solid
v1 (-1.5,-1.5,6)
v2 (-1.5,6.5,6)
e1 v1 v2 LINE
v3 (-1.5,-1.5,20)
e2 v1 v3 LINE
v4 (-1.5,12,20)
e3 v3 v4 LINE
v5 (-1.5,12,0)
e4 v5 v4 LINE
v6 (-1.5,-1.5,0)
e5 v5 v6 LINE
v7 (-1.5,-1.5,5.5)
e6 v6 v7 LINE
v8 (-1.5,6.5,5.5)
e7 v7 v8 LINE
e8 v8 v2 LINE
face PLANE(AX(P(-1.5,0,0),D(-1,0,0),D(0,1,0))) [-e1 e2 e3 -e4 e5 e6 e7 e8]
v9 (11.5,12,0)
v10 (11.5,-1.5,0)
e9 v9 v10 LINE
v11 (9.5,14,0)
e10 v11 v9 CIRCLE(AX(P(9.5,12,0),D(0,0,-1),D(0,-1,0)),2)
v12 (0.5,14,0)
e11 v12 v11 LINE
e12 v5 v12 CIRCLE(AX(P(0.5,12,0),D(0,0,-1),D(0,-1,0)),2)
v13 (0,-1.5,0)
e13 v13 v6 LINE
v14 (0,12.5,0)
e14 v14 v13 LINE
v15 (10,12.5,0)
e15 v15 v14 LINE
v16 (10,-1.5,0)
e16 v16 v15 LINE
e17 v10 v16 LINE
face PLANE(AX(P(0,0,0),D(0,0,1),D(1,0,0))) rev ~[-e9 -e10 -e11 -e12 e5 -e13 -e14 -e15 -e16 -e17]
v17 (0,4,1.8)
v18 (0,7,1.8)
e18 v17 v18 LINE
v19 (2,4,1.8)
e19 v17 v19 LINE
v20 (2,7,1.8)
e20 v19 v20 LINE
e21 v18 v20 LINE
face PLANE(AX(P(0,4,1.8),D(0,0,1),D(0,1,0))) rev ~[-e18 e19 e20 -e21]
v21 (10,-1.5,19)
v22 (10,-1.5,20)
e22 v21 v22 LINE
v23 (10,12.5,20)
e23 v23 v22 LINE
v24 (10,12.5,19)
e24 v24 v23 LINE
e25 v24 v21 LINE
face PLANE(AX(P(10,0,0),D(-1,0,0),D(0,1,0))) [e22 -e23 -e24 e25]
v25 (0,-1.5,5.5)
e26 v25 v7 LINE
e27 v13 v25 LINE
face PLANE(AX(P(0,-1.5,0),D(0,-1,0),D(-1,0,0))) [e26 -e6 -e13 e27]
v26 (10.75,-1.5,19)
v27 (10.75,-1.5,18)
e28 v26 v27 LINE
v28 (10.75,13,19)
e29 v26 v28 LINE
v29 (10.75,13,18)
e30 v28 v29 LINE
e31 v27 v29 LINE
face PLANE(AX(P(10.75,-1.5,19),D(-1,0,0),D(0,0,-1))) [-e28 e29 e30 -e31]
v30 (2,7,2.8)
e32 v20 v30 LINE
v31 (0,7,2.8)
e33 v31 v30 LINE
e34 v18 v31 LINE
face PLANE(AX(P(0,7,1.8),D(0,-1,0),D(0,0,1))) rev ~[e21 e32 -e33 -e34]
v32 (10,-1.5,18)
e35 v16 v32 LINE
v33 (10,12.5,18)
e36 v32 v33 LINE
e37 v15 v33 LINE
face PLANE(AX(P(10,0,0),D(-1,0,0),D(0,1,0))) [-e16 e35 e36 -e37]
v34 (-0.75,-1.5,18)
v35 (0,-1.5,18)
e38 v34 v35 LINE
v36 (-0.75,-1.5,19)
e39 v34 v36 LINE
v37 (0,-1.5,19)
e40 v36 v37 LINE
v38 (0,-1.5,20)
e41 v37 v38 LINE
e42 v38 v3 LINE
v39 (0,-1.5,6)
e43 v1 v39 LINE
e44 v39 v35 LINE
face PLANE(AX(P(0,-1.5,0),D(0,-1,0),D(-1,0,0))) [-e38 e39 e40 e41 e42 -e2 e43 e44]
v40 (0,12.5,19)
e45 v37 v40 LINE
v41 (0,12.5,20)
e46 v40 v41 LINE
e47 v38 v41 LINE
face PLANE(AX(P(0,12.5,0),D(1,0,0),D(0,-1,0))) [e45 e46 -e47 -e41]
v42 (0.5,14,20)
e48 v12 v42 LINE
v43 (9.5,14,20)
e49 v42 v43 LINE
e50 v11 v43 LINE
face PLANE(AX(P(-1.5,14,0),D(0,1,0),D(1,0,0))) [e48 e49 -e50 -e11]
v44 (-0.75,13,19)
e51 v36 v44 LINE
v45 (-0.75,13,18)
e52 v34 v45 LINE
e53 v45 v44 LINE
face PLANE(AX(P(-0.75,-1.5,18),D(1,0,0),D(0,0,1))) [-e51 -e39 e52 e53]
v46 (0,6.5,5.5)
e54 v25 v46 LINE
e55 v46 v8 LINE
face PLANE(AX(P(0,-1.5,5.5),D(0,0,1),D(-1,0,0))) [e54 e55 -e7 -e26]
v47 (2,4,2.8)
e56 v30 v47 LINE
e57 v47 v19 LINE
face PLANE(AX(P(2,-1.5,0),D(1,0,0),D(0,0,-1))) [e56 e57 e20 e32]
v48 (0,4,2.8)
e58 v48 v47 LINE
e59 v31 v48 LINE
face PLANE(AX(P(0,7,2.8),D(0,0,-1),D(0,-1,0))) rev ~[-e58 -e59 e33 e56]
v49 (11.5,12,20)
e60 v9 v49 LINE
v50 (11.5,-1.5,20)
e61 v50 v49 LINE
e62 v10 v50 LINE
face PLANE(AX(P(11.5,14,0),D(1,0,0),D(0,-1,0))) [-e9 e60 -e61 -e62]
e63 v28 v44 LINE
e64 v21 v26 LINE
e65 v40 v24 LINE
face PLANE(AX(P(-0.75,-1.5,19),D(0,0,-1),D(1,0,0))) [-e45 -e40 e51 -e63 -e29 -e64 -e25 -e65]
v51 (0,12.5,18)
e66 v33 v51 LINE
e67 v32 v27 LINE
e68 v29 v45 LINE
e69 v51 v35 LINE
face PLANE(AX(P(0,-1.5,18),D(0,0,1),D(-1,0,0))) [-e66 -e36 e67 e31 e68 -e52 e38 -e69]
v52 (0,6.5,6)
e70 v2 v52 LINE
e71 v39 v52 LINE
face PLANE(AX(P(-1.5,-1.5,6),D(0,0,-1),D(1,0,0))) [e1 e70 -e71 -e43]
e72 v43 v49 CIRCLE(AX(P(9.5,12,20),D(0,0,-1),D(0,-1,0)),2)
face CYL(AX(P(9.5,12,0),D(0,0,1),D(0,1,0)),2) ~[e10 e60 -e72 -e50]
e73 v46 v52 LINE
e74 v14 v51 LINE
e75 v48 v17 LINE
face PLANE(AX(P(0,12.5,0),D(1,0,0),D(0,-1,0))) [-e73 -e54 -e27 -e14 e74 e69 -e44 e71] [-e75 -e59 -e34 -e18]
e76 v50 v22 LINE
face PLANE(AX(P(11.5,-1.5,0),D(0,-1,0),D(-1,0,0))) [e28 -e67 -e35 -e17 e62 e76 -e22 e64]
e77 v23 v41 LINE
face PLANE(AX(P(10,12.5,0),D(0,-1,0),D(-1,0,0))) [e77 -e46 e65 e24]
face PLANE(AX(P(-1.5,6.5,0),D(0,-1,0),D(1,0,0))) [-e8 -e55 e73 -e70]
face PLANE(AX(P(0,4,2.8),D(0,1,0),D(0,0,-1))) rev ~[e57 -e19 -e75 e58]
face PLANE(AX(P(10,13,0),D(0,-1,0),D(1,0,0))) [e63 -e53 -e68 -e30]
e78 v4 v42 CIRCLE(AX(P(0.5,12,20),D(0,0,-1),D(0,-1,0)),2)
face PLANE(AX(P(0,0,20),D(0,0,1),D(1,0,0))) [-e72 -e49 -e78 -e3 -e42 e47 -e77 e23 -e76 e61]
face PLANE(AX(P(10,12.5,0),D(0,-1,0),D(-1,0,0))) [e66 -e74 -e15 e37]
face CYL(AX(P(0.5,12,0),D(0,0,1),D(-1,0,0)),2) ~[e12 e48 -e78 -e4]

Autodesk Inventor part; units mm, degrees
ref_plane "YZ Plane" through (0, 0, 0) normal (1, 0, 0) x (0, 1, 0)
ref_plane "XZ Plane" through (0, 0, 0) normal (0, 1, 0) x (-1, 0, 0)
ref_plane "XY Plane" through (0, 0, 0) normal (0, 0, 1) x (1, 0, 0)
sketch "스케치1" plane through (0, 0, 0) normal (0, 0, 1) x (1, 0, 0)
  line L0 (0, 0) -> (10, 0)
  line L1 (10, 0) -> (10, 12.5)
  line L2 (10, 12.5) -> (0, 12.5)
  line L3 (0, 12.5) -> (0, 0)
  line L4 (-1.5, 14) -> (11.5, 14)
  line L5 (11.5, 14) -> (11.5, -1.5)
  line L6 (11.5, -1.5) -> (-1.5, -1.5)
  line L7 (-1.5, -1.5) -> (-1.5, 14)
  line L8 (0, 0) -> (0, -1.5)
  line L9 (10, 0) -> (10, -1.5)
  line L10 (0, 0) -> (-1.5, 0)
  line L11 (10, 0) -> (11.5, 0)
  dimension "d0" = 10
  dimension "d1" = 12.5
  dimension "d2" = 1.5
extrude "돌출1" add sketch "스케치1" along normal blind 20 contours L10 L7 L4 L5 L11 L1 L2 L3 | L8 L6 L7 L10 | L11 L5 L6 L9
sketch "스케치2" plane through (-1.5, -1.5, 0) normal (0, -1, 0) x (1, 0, 0)
  line L0 (0, 0) -> (1.5, 0) projected
  line L1 (1.5, 0) -> (1.5, 20) projected
  line L2 (0, 20) -> (1.5, 20) projected
  line L3 (0, 0) -> (0, 20) projected
  line L4 (1.5, 5.5) -> (0, 5.5)
  line L5 (0, 5.5) -> (0, 6)
  line L6 (0, 6) -> (1.5, 6)
  line L7 (1.5, 6) -> (1.5, 5.5)
  point P0 (1.5, 0)
  point P1 (1.5, 6)
  point P2 (0, 5.5)
  dimension "d5" = 0.5
  dimension "d6" = 5.5
extrude "돌출2" cut sketch "스케치2" against normal blind 8 contours L3 L6 L1 L4
fillet "모깎기1" radius 2 2 edges at (-1.5, 14, 10) (11.5, 14, 10)
sketch "스케치3" plane through (10, -1.5, 0) normal (0, -1, 0) x (1, 0, 0)
  line L0 (-10.75, 19) -> (0.75, 19)
  line L1 (0.75, 19) -> (0.75, 18)
  line L2 (0.75, 18) -> (-10.75, 18)
  line L3 (-10.75, 18) -> (-10.75, 19)
  line L4 (-11.5, 6) -> (-10, 6) projected
  line L5 (-10, 6) -> (-10, 20) projected
  line L6 (-11.5, 20) -> (-10, 20) projected
  line L7 (-11.5, 6) -> (-11.5, 20) projected
  line L8 (0, 0) -> (1.5, 0) projected
  line L9 (1.5, 0) -> (1.5, 20) projected
  line L10 (0, 20) -> (1.5, 20) projected
  line L11 (0, 0) -> (0, 20) projected
  point P0 (-10, 0)
  point P1 (-10.75, 20)
  point P2 (-10.75, 18.5)
  point P3 (0.75, 20)
  point P4 (0.75, 18.5)
  dimension "d10" = 1
  dimension "d11" = 1
extrude "돌출3" cut sketch "스케치3" against normal blind 14.5 contours L0 L5 L2 L3 | L0 L11 L2 L5 | L0 L1 L2 L11
sketch "스케치4" plane through (0, -1.5, 0) normal (1, 0, 0) x (0, 0, -1)
  line L0 (-2.8, 5.5) -> (-1.8, 5.5)
  line L1 (-1.8, 5.5) -> (-1.8, 8.5)
  line L2 (-1.8, 8.5) -> (-2.8, 8.5)
  line L3 (-2.8, 8.5) -> (-2.8, 5.5)
  line L4 (0, 0) -> (-5.5, 0) projected
  line L5 (0, 13.5) -> (0, 0) projected
  point P0 (0, 1.5)
  point P1 (-2.8, 7)
  dimension "d14" = 1
  dimension "d15" = 3
  dimension "d16" = 7
  dimension "d20" = 2.8
extrude "돌출4" add sketch "스케치4" along normal blind 2
properties part number "_3D 인쇄"
